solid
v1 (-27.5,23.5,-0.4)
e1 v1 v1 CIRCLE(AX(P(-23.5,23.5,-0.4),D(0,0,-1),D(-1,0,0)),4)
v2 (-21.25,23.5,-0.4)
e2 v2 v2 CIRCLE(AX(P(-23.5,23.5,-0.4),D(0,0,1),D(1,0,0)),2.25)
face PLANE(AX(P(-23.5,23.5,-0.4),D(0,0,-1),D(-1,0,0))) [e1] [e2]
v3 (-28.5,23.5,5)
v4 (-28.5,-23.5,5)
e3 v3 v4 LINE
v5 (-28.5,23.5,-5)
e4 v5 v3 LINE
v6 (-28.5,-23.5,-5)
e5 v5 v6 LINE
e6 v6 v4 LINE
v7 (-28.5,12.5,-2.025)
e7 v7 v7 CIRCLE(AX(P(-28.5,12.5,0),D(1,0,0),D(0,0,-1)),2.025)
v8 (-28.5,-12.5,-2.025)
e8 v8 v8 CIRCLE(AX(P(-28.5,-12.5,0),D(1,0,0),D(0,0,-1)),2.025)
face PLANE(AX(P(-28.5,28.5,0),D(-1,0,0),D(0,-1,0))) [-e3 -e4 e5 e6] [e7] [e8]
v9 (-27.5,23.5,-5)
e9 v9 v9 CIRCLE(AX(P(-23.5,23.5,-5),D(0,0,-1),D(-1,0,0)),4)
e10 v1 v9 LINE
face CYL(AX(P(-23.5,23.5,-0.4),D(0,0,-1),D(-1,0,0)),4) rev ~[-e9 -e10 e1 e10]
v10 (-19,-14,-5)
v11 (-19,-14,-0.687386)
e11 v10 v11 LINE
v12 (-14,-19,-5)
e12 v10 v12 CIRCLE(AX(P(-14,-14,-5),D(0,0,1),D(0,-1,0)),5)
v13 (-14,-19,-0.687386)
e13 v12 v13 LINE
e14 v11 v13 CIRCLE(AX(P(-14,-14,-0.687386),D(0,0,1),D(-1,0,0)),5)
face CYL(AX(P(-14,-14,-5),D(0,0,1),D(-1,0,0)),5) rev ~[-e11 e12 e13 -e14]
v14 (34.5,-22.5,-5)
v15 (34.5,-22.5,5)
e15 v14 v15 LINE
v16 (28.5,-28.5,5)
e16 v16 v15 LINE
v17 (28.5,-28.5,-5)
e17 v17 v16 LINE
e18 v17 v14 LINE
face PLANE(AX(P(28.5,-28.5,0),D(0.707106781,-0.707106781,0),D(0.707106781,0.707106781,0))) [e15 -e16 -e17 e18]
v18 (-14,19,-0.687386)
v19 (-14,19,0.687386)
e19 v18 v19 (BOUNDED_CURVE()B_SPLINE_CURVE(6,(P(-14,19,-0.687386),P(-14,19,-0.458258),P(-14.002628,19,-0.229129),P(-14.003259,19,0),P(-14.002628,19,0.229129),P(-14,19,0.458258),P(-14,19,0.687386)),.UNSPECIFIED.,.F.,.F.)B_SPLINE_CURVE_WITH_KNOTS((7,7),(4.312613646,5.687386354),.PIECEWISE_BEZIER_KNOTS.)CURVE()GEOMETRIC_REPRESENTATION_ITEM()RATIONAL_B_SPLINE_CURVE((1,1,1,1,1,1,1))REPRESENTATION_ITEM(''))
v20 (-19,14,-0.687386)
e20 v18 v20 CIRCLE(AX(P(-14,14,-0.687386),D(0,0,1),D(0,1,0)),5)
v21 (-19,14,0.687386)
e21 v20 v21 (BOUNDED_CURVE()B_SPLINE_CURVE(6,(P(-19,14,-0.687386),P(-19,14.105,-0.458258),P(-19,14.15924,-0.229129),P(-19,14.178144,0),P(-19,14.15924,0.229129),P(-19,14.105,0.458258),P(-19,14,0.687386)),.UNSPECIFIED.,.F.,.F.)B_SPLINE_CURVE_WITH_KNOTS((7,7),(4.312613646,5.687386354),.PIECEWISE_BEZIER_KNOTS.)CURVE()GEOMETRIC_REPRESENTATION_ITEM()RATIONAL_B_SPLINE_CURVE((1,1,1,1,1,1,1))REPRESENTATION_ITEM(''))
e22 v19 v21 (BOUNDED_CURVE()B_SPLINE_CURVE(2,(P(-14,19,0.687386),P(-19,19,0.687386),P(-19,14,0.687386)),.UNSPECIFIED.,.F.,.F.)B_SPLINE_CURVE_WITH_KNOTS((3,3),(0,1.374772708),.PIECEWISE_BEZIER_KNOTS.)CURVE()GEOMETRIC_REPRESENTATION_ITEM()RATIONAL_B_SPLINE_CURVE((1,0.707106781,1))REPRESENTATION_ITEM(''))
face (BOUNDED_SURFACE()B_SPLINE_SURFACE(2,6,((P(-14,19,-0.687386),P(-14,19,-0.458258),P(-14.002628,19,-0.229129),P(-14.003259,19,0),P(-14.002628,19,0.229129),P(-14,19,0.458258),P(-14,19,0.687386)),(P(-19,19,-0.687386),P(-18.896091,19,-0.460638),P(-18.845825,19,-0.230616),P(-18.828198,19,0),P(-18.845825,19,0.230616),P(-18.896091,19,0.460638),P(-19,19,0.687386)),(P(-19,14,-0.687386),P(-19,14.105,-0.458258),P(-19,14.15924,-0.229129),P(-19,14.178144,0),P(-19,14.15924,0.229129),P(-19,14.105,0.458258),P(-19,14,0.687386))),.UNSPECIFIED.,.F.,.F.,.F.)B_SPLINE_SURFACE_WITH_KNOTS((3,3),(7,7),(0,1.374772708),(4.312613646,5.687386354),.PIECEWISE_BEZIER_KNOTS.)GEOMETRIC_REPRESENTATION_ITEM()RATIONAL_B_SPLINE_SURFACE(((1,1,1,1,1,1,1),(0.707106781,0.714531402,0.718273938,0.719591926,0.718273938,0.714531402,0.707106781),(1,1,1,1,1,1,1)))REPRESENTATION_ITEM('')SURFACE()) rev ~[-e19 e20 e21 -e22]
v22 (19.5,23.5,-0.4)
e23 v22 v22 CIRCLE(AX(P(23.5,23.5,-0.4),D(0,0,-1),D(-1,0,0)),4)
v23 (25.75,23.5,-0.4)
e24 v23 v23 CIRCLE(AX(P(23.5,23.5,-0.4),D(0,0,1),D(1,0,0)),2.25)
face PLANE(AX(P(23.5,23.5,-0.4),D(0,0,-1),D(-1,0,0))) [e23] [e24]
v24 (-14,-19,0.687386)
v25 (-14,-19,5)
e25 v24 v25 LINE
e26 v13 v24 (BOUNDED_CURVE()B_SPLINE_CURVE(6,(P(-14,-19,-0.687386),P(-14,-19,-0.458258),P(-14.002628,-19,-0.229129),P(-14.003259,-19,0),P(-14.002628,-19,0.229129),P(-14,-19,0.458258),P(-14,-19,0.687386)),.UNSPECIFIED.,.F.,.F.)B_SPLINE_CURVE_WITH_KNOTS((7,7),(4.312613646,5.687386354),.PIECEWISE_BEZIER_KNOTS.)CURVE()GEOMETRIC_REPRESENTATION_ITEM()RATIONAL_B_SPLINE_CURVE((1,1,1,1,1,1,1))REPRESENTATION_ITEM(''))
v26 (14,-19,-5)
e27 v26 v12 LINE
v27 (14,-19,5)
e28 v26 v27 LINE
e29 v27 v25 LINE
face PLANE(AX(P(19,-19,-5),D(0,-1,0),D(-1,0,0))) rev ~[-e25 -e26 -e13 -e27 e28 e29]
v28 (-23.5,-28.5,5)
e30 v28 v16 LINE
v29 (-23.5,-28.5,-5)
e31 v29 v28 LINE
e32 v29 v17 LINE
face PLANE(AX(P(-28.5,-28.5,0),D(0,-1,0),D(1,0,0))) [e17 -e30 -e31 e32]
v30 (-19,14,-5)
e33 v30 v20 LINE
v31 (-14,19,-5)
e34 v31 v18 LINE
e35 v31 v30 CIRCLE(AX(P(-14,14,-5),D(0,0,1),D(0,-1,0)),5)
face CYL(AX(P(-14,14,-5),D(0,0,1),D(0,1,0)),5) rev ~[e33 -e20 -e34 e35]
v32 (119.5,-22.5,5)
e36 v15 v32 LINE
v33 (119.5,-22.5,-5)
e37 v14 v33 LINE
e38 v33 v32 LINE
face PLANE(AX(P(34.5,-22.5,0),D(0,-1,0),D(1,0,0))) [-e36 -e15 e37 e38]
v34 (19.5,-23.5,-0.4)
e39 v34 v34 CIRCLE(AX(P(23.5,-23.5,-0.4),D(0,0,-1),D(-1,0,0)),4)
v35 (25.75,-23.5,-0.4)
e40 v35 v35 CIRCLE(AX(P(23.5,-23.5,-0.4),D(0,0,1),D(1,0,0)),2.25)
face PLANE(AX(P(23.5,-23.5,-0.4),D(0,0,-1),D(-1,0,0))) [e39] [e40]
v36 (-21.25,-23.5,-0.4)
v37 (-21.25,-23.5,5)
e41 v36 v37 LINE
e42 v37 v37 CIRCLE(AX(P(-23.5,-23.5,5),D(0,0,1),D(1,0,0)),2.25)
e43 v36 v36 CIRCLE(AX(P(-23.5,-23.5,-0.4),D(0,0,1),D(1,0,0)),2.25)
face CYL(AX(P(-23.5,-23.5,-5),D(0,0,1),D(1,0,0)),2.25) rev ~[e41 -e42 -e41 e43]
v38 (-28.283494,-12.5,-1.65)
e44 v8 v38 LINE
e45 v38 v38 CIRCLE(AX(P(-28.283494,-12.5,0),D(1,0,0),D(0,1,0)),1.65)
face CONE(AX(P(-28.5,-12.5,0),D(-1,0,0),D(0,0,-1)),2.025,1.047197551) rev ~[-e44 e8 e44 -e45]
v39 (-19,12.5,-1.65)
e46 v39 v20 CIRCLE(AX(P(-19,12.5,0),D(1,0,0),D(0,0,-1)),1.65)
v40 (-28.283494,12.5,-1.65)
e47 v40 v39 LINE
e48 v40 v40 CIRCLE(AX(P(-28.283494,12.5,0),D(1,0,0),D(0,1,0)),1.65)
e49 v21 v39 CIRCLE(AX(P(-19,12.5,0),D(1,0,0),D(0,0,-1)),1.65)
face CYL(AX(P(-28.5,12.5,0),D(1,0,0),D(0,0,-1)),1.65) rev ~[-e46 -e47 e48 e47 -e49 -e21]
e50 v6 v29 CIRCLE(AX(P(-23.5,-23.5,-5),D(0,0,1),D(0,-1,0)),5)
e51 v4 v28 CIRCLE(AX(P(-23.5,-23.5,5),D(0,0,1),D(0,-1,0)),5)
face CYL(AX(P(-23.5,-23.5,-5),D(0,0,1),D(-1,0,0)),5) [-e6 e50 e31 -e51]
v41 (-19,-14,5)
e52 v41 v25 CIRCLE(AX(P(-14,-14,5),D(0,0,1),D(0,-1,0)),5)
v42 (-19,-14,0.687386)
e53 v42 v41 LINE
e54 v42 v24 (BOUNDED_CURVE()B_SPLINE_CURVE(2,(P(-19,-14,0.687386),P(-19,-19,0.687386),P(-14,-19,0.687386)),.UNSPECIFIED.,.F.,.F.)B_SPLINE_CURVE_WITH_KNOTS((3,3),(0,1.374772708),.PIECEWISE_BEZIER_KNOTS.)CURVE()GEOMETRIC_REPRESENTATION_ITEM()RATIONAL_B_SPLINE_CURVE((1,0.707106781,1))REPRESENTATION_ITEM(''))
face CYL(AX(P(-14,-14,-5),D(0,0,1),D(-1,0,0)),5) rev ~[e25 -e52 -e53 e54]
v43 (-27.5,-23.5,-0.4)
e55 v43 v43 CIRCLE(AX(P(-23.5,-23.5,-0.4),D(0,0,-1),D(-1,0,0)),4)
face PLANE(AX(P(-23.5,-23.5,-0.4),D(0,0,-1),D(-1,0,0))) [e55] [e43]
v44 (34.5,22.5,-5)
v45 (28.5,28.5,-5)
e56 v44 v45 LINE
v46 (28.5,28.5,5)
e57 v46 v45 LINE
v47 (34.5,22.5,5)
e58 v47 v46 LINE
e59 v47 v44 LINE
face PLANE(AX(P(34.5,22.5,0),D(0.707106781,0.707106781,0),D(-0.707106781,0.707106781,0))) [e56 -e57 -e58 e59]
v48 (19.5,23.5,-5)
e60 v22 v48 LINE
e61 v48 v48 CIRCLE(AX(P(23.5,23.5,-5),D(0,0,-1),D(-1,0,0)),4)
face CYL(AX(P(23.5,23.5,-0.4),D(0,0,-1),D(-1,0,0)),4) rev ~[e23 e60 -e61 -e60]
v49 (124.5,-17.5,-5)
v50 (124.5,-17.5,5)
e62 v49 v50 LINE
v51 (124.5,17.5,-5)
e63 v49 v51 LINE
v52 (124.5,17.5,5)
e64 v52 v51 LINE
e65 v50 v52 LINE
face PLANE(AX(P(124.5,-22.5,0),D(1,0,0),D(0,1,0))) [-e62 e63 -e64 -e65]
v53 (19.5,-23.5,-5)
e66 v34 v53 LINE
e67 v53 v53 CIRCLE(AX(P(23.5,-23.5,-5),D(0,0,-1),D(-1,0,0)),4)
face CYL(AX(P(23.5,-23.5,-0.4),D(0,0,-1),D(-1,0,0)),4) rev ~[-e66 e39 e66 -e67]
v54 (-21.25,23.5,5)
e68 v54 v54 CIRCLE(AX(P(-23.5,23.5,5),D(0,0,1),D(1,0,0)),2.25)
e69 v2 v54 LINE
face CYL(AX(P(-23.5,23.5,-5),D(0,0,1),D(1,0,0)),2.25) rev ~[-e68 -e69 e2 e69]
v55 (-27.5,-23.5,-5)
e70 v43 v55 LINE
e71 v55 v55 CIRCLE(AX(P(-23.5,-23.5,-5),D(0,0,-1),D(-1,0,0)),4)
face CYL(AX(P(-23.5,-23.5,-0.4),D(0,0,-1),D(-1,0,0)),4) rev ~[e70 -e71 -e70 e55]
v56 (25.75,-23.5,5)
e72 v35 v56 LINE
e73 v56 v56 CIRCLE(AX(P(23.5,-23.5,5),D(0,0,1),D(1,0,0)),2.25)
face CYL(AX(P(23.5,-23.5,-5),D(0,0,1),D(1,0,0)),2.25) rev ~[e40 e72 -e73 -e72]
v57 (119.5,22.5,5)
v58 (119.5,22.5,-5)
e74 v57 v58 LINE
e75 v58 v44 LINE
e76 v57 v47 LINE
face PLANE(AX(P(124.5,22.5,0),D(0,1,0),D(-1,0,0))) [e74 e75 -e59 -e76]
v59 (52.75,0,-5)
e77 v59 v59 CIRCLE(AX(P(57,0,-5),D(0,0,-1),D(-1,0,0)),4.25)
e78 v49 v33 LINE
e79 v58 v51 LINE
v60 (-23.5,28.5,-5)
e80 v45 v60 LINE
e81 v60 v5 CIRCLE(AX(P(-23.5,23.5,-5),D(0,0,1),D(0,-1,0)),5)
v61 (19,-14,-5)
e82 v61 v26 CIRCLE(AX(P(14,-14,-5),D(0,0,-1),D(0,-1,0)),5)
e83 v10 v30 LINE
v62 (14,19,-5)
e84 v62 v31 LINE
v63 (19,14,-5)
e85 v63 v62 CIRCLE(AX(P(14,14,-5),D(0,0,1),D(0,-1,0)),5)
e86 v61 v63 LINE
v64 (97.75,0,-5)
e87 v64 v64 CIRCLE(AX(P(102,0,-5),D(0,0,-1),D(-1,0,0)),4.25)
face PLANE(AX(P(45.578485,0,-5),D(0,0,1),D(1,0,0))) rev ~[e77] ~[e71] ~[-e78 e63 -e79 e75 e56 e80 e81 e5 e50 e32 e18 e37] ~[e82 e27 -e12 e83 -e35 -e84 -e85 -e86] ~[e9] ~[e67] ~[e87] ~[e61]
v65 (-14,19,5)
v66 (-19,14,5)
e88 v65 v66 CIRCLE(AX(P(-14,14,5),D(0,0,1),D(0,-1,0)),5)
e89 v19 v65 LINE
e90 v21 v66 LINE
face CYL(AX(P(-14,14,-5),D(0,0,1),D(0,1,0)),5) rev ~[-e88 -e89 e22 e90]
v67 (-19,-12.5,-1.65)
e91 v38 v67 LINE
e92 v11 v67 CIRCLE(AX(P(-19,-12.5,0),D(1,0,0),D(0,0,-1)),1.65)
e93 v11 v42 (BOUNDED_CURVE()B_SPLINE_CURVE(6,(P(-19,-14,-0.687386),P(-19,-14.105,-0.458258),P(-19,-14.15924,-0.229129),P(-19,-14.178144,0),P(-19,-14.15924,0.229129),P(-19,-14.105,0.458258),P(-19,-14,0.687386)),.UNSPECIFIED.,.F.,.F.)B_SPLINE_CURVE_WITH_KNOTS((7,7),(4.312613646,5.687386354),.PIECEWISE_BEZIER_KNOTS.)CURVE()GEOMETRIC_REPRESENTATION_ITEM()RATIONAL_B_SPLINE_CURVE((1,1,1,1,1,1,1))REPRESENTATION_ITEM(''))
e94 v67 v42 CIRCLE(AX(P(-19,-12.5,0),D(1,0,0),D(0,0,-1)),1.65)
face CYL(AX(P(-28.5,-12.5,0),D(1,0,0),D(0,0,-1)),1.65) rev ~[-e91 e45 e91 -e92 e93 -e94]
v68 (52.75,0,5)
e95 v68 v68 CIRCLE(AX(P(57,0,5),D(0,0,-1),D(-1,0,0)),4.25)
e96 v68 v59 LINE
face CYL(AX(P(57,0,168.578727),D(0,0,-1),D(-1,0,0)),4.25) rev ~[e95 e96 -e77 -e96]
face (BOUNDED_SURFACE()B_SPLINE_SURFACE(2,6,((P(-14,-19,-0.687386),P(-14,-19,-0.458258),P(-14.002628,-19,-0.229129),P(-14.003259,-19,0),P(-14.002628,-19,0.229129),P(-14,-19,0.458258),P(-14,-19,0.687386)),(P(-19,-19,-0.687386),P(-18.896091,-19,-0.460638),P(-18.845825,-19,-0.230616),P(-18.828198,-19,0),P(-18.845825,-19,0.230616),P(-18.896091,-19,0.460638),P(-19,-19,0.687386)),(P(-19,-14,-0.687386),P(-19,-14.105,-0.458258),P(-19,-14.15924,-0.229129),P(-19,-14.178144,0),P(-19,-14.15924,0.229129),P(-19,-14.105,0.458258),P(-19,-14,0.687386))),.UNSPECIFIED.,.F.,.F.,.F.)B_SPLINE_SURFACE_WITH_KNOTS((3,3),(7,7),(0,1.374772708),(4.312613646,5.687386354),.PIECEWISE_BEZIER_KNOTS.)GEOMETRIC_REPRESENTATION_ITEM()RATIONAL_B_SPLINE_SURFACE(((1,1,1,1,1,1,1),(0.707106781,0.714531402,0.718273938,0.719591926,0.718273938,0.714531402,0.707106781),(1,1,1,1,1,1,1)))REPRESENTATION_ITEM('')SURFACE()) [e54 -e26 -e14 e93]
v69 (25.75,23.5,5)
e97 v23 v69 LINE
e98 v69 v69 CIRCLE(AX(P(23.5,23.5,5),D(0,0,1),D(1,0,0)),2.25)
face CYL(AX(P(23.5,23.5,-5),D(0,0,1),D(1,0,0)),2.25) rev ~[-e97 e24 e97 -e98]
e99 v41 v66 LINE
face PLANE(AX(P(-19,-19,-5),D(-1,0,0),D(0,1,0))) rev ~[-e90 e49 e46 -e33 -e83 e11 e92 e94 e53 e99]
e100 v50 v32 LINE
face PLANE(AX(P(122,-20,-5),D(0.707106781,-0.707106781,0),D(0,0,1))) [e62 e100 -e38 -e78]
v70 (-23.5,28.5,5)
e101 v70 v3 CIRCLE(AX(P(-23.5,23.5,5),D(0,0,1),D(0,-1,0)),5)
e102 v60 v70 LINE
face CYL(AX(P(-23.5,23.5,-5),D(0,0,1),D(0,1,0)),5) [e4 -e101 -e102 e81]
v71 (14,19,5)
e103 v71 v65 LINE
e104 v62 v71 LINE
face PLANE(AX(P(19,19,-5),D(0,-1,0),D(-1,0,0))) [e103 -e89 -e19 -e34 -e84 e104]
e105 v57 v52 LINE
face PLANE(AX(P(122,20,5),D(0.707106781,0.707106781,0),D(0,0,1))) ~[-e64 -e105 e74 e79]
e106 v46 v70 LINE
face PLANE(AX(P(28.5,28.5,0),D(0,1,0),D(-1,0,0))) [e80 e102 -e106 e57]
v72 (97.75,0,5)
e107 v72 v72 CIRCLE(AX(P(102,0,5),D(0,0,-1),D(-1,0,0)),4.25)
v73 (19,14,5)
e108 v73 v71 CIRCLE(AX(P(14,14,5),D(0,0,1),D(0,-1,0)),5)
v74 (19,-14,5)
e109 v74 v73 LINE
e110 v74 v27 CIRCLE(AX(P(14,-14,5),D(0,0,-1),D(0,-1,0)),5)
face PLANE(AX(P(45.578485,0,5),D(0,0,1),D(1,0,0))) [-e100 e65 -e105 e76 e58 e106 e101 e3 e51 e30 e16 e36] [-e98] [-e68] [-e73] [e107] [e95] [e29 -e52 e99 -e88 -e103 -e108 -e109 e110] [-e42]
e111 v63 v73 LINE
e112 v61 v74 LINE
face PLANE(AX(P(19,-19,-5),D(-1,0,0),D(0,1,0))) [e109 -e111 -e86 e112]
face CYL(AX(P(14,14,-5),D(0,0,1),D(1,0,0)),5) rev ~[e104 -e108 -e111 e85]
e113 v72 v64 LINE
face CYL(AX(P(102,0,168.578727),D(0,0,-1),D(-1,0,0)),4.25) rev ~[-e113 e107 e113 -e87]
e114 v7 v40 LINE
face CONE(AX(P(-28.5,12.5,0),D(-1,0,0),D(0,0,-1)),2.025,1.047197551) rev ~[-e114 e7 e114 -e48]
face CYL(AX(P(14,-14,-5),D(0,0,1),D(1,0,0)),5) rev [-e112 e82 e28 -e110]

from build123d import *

# Parameters (mm, degrees)
EXTRUDE_1_DEPTH              = 5
SKETCH_6_R                   = 10
CUT_EXTRUDE_1530_DEPTH       = 10
SKETCH_19_R                  = 12
CUT_EXTRUDE_1946_DEPTH       = 5
HOLE_WIZARD_8_5_8_5_1_D      = 8.5
HOLE_WIZARD_1_D              = 4.5
HOLE_WIZARD_1_CBORE_D        = 8
HOLE_WIZARD_1_CBORE_DEPTH    = 4.6
FILLET_1_R                   = 5
CHAMFER_1_SIZE               = 5
CHAMFER_2_SIZE               = 0.2
HOLE_WIZARD_M4_1_D           = 3.3
HOLE_WIZARD_M4_1_DEPTH       = 15.5
HOLE_WIZARD_M4_1_CSINK_D     = 4.05
HOLE_WIZARD_M4_1_CSINK_ANGLE = 120
SKETCH_22_W                  = 38
SKETCH_22_H                  = 38
CUT_EXTRUDE_1_DEPTH          = 10
FILLET_2_R                   = 5


with BuildPart() as part:
    # 草图1 → 凸台-拉伸1 (new body, symmetric)
    with BuildSketch(Plane.XY):
        Polygon((28.5, 28.5), (-28.5, 28.5), (-28.5, -28.5), (28.5, -28.5), (34.5, -22.5), (124.5, -22.5), (124.5, 22.5), (34.5, 22.5), align=None)
    extrude(amount=EXTRUDE_1_DEPTH, both=True)

    # 草图6 → Cut-Extrude 1530 (cut)
    with BuildSketch(Plane.XY.offset(5)):
        Circle(SKETCH_6_R)
    extrude(amount=-CUT_EXTRUDE_1530_DEPTH, mode=Mode.SUBTRACT)

    # 草图19 → Cut-Extrude 1946 (cut)
    with BuildSketch(Plane(origin=(0, 0, -5), x_dir=(-1, 0, 0), z_dir=(0, 0, -1))):
        Circle(SKETCH_19_R)
    extrude(amount=-CUT_EXTRUDE_1946_DEPTH, mode=Mode.SUBTRACT)

    # Ø8.5 (8.5) 直径孔1 (through all)
    with Locations(Plane.XY.offset(5)):
        with Locations((57, 0), (102, 0)):
            Hole(HOLE_WIZARD_8_5_8_5_1_D / 2)

    # 打孔尺寸(%根据)内六角圆柱头螺钉的类型1 (through all)
    with Locations(Plane(origin=(0, 0, -5), x_dir=(-1, 0, 0), z_dir=(0, 0, -1))):
        with Locations((-23.5, 23.5), (23.5, 23.5), (23.5, -23.5), (-23.5, -23.5)):
            CounterBoreHole(HOLE_WIZARD_1_D / 2, HOLE_WIZARD_1_CBORE_D / 2, HOLE_WIZARD_1_CBORE_DEPTH)

    # 圆角1
    fillet_1_edges = [part.edges().sort_by_distance(p)[0] for p in [
        (-28.5, -28.5, 0),
        (-28.5, 28.5, 0),
    ]]
    fillet(fillet_1_edges, radius=FILLET_1_R)

    # 倒角1
    chamfer_1_edges = [part.edges().sort_by_distance(p)[0] for p in [
        (124.5, 22.5, 0),
        (124.5, -22.5, 0),
    ]]
    chamfer(chamfer_1_edges, length=CHAMFER_1_SIZE)

    # 倒角2
    chamfer_2_edges = [part.edges().sort_by_distance(p)[0] for p in [
        (12, 0, -5),
    ]]
    chamfer(chamfer_2_edges, length=CHAMFER_2_SIZE)

    # M4 螺纹孔1
    with Locations(Plane.ZY.offset(28.5)):
        with Locations((0, 12.5), (0, -12.5)):
            CounterSinkHole(HOLE_WIZARD_M4_1_D / 2, HOLE_WIZARD_M4_1_CSINK_D / 2, depth=HOLE_WIZARD_M4_1_DEPTH, counter_sink_angle=HOLE_WIZARD_M4_1_CSINK_ANGLE)

    # 草图22 → 切除-拉伸1 (cut)
    with BuildSketch(Plane(origin=(0, 0, -5), x_dir=(-1, 0, 0), z_dir=(0, 0, -1))):
        Rectangle(SKETCH_22_W, SKETCH_22_H)
    extrude(amount=-CUT_EXTRUDE_1_DEPTH, mode=Mode.SUBTRACT)

    # 圆角2
    fillet_2_edges = [part.edges().sort_by_distance(p)[0] for p in [
        (-19, 19, 0),
        (-19, -19, 0),
        (19, -19, 0),
        (19, 19, 0),
    ]]
    fillet(fillet_2_edges, radius=FILLET_2_R)


solid = part.part
